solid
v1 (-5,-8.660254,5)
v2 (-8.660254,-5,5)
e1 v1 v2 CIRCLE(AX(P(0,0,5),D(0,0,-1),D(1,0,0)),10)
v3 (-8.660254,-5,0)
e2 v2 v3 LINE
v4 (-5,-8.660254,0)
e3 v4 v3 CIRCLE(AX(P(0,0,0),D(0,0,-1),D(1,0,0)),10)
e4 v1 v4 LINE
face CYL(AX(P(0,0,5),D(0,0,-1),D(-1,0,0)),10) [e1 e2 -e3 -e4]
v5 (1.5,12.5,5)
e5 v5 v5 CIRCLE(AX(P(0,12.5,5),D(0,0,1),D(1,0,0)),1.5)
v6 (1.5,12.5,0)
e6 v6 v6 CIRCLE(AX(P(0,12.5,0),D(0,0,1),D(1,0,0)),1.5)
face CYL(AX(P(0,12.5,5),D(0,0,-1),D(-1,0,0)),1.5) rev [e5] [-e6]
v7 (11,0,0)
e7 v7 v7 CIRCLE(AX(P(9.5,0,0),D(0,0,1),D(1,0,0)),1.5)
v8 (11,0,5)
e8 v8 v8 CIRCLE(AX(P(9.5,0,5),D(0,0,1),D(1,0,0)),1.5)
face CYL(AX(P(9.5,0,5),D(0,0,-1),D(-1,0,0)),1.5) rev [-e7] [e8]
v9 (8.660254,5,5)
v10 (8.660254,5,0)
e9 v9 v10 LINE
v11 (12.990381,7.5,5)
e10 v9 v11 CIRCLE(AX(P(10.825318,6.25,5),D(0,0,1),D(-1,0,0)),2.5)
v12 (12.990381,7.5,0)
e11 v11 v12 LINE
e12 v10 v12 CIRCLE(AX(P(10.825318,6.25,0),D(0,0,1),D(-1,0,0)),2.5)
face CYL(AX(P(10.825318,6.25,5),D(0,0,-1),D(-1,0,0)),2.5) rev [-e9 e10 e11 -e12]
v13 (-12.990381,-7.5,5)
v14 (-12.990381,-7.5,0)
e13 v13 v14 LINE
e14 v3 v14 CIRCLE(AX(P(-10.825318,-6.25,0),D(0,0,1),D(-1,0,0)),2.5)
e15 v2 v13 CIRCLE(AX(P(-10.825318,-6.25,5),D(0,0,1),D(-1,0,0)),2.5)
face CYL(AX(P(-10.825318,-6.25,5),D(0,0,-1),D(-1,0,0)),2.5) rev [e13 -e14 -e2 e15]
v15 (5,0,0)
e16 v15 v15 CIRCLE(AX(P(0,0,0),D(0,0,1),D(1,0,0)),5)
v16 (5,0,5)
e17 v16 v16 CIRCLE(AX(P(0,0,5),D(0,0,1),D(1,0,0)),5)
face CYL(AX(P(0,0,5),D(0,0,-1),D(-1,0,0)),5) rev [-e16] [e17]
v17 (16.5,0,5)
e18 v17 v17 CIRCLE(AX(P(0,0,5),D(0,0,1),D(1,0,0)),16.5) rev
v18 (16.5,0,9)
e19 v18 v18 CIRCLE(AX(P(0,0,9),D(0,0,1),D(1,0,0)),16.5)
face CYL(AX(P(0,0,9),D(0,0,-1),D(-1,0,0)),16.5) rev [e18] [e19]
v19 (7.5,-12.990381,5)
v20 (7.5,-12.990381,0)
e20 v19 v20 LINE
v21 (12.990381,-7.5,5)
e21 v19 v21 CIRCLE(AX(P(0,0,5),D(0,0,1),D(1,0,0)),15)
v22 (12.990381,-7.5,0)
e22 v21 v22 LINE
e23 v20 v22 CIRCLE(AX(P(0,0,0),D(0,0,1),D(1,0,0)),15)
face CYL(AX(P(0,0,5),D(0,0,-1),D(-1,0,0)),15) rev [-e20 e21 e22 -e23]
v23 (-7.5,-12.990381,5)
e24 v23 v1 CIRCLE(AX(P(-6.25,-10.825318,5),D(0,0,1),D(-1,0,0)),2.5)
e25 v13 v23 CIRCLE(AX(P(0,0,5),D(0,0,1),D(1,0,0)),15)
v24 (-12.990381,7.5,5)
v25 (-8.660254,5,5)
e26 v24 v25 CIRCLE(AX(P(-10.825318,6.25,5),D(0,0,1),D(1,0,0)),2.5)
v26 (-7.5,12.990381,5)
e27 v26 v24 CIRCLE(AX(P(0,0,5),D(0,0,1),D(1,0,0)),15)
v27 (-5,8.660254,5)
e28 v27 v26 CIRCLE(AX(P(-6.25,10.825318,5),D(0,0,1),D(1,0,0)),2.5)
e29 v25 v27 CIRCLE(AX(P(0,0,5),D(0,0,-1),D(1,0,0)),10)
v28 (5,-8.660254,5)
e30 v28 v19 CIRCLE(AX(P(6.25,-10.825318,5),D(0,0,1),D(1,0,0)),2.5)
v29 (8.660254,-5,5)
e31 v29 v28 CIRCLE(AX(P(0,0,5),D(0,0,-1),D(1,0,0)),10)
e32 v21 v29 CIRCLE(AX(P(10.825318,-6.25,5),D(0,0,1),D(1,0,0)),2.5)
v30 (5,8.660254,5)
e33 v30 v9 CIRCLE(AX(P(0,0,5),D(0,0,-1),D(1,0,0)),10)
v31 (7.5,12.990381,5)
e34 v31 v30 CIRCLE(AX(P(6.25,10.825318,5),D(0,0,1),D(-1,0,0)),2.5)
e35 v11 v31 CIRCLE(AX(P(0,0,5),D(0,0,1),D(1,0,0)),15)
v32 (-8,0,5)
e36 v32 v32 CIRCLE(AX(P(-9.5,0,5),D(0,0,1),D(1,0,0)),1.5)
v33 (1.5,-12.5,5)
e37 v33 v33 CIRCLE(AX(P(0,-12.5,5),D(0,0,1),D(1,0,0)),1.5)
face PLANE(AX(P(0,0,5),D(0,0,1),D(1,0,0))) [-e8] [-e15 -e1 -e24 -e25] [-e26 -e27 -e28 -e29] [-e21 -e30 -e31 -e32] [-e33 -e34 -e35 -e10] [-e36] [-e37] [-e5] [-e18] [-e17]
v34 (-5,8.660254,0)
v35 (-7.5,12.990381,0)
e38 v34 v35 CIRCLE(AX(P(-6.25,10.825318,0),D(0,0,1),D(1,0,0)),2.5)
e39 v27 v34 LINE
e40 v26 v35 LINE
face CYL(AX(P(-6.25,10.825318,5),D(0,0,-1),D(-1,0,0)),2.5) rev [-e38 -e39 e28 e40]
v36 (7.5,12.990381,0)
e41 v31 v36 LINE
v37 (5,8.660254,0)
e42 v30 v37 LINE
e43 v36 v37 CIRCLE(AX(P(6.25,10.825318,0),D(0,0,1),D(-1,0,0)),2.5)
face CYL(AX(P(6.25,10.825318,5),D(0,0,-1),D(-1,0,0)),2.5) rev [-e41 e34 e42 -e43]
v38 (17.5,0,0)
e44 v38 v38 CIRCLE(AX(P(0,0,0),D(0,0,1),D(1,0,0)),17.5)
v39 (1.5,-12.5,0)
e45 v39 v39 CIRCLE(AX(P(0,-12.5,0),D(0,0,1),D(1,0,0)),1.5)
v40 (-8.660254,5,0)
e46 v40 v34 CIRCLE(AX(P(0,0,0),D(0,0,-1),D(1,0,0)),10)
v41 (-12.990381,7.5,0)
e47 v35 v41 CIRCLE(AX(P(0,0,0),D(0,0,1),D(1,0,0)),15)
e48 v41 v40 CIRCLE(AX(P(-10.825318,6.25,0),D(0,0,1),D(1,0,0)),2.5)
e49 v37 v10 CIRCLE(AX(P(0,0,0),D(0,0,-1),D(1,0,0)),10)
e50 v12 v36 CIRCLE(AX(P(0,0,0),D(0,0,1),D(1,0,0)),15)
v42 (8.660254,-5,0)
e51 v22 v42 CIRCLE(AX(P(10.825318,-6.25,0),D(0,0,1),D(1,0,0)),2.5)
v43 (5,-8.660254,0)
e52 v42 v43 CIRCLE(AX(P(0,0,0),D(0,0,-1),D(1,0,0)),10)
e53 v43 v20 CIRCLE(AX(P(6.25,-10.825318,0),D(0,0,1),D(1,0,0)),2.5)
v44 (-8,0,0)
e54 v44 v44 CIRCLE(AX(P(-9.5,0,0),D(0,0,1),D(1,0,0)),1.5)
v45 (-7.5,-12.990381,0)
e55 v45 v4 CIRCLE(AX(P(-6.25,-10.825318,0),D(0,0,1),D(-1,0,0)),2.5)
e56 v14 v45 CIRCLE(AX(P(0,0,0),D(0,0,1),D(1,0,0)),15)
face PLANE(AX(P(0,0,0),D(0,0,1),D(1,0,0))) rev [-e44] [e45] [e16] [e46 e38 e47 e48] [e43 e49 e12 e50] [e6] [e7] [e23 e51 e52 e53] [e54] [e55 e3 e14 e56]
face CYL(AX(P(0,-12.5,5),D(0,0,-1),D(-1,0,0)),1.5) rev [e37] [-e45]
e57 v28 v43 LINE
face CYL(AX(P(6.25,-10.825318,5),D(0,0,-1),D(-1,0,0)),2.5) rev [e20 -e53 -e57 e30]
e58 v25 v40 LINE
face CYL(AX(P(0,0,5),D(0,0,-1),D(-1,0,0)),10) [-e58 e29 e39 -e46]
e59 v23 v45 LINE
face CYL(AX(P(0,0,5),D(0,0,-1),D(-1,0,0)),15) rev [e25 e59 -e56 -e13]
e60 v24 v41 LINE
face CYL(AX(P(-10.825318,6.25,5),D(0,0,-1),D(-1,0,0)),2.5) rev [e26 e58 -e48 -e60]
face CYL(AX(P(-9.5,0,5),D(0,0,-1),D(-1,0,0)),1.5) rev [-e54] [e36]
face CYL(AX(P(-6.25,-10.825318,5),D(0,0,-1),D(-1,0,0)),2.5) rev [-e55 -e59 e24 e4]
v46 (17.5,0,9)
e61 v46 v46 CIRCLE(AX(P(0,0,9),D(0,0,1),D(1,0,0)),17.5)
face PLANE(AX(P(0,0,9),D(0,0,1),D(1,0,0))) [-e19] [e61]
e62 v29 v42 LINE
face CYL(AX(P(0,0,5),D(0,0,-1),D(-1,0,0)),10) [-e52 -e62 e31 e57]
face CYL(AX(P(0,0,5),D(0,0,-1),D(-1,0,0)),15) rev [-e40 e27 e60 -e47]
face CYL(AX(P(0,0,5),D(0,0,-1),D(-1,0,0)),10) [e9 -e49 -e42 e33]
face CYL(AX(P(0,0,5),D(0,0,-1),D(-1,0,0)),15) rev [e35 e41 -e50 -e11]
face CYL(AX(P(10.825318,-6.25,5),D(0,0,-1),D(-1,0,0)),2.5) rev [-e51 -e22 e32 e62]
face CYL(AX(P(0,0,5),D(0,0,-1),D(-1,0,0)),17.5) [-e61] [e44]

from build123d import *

# Parameters (mm, degrees)
SKETCH1_R           = 17.5
SKETCH1_R_2         = 1.5
SKETCH1_R_3         = 5
BOSS_EXTRUDE1_DEPTH = 5
SKETCH2_R           = 17.5
SKETCH2_R_2         = 16.5
EXTRUDE_THIN1_DEPTH = 4


with BuildPart() as part:
    # Sketch1 → Boss-Extrude1 (new body)
    with BuildSketch(Plane.XY):
        Circle(SKETCH1_R)
        with Locations((0, 12.5)):
            Circle(SKETCH1_R_2, mode=Mode.SUBTRACT)
        with Locations((0, -12.5)):
            Circle(SKETCH1_R_2, mode=Mode.SUBTRACT)
        Circle(SKETCH1_R_3, mode=Mode.SUBTRACT)
        with Locations((9.5, 0)):
            Circle(SKETCH1_R_2, mode=Mode.SUBTRACT)
        with Locations((-9.5, 0)):
            Circle(SKETCH1_R_2, mode=Mode.SUBTRACT)
        with BuildLine():
            ThreePointArc((-8.660254038, -5), (-7.071067812, -7.071067812), (-5, -8.660254038))
            ThreePointArc((-5, -8.660254038), (-4.084936491, -12.075317547), (-7.5, -12.990381057))
            ThreePointArc((-7.5, -12.990381057), (-10.606601718, -10.606601718), (-12.990381057, -7.5))
            ThreePointArc((-12.990381057, -7.5), (-12.075317547, -4.084936491), (-8.660254038, -5))
        make_face(mode=Mode.SUBTRACT)
        with BuildLine():
            ThreePointArc((-5, 8.660254038), (-4.084936491, 12.075317547), (-7.5, 12.990381057))
            ThreePointArc((-7.5, 12.990381057), (-10.606601718, 10.606601718), (-12.990381057, 7.5))
            ThreePointArc((-12.990381057, 7.5), (-12.075317547, 4.084936491), (-8.660254038, 5))
            ThreePointArc((-8.660254038, 5), (-7.071067812, 7.071067812), (-5, 8.660254038))
        make_face(mode=Mode.SUBTRACT)
        with BuildLine():
            ThreePointArc((5, -8.660254038), (4.084936491, -12.075317547), (7.5, -12.990381057))
            ThreePointArc((7.5, -12.990381057), (10.606601718, -10.606601718), (12.990381057, -7.5))
            ThreePointArc((12.990381057, -7.5), (12.075317547, -4.084936491), (8.660254038, -5))
            ThreePointArc((8.660254038, -5), (7.071067812, -7.071067812), (5, -8.660254038))
        make_face(mode=Mode.SUBTRACT)
        with BuildLine():
            ThreePointArc((12.990381057, 7.5), (12.075317547, 4.084936491), (8.660254038, 5))
            ThreePointArc((8.660254038, 5), (7.071067812, 7.071067812), (5, 8.660254038))
            ThreePointArc((5, 8.660254038), (4.084936491, 12.075317547), (7.5, 12.990381057))
            ThreePointArc((7.5, 12.990381057), (10.606601718, 10.606601718), (12.990381057, 7.5))
        make_face(mode=Mode.SUBTRACT)
    extrude(amount=BOSS_EXTRUDE1_DEPTH)

    # Sketch2 → Extrude-Thin1 (add)
    with BuildSketch(Plane.XY.offset(5)):
        Circle(SKETCH2_R)
        Circle(SKETCH2_R_2, mode=Mode.SUBTRACT)
    extrude(amount=EXTRUDE_THIN1_DEPTH)


solid = part.part
